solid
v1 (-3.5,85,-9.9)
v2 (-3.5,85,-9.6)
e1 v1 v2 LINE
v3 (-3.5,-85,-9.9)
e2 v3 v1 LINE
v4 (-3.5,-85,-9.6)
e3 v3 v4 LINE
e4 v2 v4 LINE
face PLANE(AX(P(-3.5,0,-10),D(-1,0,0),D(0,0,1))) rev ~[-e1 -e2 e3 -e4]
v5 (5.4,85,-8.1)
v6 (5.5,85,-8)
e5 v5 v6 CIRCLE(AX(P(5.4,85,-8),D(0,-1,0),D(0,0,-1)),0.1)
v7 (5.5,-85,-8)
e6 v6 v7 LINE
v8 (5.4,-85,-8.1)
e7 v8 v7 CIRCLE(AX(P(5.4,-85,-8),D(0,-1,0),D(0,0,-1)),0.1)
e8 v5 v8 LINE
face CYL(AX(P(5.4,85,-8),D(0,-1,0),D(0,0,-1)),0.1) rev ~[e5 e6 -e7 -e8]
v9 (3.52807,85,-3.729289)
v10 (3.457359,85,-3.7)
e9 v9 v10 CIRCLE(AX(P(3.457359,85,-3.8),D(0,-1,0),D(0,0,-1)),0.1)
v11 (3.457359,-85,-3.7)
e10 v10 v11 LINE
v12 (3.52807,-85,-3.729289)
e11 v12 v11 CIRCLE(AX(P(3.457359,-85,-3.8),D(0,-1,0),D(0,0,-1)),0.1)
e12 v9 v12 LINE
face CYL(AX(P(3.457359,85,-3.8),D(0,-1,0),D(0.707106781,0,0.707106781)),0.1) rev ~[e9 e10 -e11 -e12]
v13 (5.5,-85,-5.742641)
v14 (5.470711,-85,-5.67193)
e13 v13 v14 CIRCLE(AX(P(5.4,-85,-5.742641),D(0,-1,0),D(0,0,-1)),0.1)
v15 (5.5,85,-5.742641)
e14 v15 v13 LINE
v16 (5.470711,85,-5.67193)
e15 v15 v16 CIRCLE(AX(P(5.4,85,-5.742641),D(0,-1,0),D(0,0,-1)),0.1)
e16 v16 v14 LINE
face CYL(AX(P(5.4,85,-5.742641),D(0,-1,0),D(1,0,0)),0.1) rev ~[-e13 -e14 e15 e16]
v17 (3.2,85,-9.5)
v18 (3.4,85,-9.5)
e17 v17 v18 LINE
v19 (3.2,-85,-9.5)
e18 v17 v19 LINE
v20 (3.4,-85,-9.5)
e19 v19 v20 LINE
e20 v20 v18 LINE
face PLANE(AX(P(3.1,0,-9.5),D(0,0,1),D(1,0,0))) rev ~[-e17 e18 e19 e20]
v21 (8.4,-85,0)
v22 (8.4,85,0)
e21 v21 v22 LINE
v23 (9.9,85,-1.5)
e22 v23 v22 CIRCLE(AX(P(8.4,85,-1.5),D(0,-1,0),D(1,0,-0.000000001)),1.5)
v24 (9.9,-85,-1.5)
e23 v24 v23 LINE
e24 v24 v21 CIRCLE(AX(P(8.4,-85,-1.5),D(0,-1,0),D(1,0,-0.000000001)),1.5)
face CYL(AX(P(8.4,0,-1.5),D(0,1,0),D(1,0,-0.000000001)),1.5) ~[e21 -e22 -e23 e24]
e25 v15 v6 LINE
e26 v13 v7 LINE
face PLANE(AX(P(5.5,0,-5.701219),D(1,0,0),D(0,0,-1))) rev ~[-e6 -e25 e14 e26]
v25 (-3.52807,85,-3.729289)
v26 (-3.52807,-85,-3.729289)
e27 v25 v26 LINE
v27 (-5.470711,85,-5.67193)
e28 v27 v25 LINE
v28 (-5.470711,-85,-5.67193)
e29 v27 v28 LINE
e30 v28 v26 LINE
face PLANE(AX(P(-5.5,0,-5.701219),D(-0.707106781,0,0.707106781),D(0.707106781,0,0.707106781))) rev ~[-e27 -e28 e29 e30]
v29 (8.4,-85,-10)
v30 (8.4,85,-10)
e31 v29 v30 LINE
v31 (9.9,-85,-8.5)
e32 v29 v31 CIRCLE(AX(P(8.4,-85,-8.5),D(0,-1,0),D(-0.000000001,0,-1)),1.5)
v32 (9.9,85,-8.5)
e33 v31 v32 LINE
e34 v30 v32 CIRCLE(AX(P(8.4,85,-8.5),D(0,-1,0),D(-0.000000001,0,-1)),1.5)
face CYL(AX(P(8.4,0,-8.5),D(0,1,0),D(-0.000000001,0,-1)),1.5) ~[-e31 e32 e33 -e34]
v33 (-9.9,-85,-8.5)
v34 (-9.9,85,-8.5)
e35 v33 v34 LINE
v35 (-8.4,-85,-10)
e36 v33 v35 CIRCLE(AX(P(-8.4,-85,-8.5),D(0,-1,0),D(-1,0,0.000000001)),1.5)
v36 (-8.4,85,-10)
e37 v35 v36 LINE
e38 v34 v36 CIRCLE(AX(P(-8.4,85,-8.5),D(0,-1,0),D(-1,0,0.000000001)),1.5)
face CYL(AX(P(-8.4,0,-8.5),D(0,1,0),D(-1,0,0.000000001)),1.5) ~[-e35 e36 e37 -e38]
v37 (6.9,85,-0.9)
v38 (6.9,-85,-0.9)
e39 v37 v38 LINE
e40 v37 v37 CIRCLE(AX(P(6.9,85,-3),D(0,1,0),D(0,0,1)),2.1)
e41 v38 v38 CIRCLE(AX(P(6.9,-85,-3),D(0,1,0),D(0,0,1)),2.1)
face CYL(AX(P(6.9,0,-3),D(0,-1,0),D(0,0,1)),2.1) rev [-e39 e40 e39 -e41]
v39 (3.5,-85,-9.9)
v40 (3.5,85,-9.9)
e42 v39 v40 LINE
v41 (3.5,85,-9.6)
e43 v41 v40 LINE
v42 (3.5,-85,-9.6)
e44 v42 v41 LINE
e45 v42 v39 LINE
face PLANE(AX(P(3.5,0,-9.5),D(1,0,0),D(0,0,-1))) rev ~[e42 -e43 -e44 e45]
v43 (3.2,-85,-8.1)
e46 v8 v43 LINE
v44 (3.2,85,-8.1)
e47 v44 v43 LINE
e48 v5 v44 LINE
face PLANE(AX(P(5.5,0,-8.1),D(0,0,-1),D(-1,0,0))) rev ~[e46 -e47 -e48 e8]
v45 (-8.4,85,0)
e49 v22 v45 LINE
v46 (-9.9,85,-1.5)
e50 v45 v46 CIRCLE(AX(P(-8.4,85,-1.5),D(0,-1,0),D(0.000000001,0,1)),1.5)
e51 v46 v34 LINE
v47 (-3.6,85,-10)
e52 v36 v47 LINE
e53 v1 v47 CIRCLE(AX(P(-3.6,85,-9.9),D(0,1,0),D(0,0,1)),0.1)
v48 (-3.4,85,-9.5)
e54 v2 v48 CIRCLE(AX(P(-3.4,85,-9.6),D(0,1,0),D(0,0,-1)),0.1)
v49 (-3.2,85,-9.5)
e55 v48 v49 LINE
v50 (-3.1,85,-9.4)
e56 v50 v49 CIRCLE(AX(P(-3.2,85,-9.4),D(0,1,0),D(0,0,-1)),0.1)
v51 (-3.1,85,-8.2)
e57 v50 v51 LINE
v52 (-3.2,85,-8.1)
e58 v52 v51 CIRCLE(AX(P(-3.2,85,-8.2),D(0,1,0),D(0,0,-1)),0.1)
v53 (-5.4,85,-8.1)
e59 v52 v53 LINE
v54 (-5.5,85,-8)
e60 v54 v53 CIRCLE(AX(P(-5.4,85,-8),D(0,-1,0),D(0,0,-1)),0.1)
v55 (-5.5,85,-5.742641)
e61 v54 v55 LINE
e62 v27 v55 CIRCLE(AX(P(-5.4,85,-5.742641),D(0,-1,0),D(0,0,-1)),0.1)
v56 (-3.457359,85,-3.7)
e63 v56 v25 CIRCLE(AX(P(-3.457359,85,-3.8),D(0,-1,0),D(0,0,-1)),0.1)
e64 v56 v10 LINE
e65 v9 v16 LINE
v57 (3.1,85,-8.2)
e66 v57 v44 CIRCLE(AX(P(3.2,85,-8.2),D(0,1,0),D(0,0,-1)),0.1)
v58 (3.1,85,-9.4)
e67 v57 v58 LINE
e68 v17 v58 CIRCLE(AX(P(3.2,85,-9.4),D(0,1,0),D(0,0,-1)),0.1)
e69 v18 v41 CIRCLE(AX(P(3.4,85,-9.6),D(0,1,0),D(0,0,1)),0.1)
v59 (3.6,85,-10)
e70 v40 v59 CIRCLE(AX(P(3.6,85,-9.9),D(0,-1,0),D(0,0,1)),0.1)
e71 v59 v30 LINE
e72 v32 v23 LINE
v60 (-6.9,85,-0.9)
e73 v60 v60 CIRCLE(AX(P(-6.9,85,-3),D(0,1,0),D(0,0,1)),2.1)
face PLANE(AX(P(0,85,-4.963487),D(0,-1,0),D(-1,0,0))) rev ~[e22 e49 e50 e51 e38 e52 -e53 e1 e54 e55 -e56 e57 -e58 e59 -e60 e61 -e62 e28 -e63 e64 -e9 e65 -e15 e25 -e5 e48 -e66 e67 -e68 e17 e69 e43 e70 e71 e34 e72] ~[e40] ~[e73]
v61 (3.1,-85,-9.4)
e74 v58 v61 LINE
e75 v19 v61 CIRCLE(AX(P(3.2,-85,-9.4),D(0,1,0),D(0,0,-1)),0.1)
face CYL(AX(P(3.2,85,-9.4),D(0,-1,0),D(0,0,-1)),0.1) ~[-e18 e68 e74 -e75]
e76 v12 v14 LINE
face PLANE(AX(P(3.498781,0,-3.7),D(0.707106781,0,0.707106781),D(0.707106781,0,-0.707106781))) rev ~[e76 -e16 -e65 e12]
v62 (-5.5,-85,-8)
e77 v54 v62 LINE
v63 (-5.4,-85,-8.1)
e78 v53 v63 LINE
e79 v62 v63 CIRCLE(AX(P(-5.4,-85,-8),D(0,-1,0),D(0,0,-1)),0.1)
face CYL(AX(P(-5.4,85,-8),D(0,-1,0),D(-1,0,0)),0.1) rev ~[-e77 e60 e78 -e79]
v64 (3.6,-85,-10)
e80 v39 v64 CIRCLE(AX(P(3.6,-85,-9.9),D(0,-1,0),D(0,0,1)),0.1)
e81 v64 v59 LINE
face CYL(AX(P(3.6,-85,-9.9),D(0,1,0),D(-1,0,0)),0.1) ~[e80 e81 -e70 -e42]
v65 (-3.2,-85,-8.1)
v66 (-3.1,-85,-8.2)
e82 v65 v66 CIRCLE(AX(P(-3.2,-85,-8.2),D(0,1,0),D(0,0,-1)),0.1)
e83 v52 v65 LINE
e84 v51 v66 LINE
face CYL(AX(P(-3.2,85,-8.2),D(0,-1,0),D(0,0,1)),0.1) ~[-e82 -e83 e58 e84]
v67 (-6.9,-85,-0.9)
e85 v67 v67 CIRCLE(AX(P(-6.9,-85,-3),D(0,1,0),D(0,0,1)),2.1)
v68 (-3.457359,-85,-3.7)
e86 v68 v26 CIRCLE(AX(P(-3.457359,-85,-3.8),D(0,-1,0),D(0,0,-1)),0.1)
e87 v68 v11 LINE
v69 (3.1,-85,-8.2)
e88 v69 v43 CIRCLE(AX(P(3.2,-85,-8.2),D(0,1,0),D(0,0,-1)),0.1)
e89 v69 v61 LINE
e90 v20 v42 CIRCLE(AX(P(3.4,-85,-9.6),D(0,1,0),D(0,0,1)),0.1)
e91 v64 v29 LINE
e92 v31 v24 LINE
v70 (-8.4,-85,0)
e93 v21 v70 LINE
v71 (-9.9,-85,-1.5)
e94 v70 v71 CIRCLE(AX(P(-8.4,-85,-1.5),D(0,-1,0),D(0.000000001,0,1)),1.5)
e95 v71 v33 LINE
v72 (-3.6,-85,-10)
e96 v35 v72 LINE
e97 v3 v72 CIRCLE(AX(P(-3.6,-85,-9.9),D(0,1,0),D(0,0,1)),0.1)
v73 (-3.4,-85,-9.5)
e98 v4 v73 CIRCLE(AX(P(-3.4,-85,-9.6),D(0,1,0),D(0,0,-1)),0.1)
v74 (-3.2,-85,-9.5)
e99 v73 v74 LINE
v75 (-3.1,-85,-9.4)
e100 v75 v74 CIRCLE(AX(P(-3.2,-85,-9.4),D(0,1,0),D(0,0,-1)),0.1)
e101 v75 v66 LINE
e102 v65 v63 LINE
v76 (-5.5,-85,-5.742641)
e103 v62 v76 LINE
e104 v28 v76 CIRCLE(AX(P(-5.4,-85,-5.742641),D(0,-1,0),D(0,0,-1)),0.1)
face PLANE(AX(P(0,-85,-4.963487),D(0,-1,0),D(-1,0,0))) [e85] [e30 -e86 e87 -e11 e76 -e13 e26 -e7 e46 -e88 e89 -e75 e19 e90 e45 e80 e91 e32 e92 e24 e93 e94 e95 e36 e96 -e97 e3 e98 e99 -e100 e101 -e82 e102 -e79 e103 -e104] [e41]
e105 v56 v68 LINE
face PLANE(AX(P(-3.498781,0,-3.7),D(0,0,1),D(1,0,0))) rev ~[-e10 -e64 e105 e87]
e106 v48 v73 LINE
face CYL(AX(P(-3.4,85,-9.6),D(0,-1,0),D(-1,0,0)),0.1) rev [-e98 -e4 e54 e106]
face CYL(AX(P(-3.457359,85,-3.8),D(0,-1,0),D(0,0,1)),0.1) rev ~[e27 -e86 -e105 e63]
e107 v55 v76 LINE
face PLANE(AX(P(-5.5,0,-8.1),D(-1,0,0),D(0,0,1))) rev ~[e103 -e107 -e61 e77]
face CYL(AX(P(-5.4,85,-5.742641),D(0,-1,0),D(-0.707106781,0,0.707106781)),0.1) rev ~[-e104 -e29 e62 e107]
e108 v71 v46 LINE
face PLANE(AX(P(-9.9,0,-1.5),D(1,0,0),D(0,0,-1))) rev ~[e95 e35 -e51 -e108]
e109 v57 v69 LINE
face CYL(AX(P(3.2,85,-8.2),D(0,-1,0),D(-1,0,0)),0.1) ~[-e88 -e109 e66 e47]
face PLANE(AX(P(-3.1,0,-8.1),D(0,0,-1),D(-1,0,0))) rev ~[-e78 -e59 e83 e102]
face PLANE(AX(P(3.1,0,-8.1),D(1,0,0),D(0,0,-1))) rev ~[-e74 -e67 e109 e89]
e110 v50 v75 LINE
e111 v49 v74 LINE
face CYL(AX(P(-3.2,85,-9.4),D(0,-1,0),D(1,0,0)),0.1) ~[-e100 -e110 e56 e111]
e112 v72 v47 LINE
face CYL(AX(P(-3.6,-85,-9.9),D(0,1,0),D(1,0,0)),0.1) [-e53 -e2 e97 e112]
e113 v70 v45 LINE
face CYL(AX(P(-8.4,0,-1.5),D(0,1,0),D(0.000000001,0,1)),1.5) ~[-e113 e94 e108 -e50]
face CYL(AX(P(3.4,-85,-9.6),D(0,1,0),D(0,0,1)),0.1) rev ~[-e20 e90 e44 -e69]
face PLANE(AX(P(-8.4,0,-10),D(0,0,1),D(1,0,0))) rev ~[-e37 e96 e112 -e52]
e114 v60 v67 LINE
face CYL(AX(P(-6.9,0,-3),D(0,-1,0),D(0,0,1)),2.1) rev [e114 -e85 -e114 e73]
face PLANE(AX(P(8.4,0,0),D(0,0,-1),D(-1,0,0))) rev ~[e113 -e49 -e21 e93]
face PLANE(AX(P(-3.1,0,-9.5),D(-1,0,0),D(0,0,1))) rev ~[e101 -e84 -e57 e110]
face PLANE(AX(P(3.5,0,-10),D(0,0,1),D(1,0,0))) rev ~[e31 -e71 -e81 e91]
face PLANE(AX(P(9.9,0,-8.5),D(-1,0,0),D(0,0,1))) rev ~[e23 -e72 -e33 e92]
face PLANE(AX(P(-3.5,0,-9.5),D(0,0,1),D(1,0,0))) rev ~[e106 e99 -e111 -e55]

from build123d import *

# Parameters (mm, degrees)
SKETCH_1_R      = 2.1
EXTRUDE_1_DEPTH = 85
FILLET_1_R      = 0.1


with BuildPart() as part:
    # 草图1 → 凸台-拉伸1 (new, symmetric)
    with BuildSketch(Plane(origin=(0, 0, 0), x_dir=(1, 0, 0), z_dir=(0, 1, 0))):
        with BuildLine():
            Line((-3.5, 10), (-3.5, 9.5))
            Line((-3.5, 9.5), (-3.1, 9.5))
            Line((-3.1, 9.5), (-3.1, 8.1))
            Line((-3.1, 8.1), (-5.5, 8.1))
            Line((-5.5, 8.1), (-5.5, 5.701219331))
            Line((-5.5, 5.701219331), (-3.498780669, 3.7))
            Line((-3.498780669, 3.7), (3.498780669, 3.7))
            Line((3.498780669, 3.7), (5.5, 5.701219331))
            Line((5.5, 5.701219331), (5.5, 8.1))
            Line((5.5, 8.1), (3.1, 8.1))
            Line((3.1, 8.1), (3.1, 9.5))
            Line((3.1, 9.5), (3.5, 9.5))
            Line((3.5, 9.5), (3.5, 10))
            Line((3.5, 10), (8.4, 10))
            ThreePointArc((8.4, 10), (9.460660172, 9.560660172), (9.9, 8.5))
            Line((9.9, 8.5), (9.9, 1.5))
            ThreePointArc((9.9, 1.5), (9.460660172, 0.439339828), (8.4, 0))
            Line((8.4, 0), (-8.4, 0))
            ThreePointArc((-8.4, 0), (-9.460660172, 0.439339828), (-9.9, 1.5))
            Line((-9.9, 1.5), (-9.9, 8.5))
            ThreePointArc((-9.9, 8.5), (-9.460660172, 9.560660172), (-8.4, 10))
            Line((-8.4, 10), (-3.5, 10))
        make_face()
        with Locations(Location((-6.9, 3, 0), (0, 0, 270))):
            Circle(SKETCH_1_R, mode=Mode.SUBTRACT)
        with Locations(Location((6.9, 3, 0), (0, 0, 270))):
            Circle(SKETCH_1_R, mode=Mode.SUBTRACT)
    extrude(amount=EXTRUDE_1_DEPTH, both=True)

    # 圆角1
    fillet_1_edges = [part.edges().sort_by_distance(p)[0] for p in [
        (-3.5, 0, -10),
        (-3.5, 0, -9.5),
        (-3.1, 0, -9.5),
        (-3.1, 0, -8.1),
        (-5.5, 0, -8.1),
        (-5.5, 0, -5.701219331),
        (-3.498780669, 0, -3.7),
        (3.498780669, 0, -3.7),
        (5.5, 0, -5.701219331),
        (5.5, 0, -8.1),
        (3.1, 0, -8.1),
        (3.1, 0, -9.5),
        (3.5, 0, -9.5),
        (3.5, 0, -10),
    ]]
    fillet(fillet_1_edges, radius=FILLET_1_R)


solid = part.part
